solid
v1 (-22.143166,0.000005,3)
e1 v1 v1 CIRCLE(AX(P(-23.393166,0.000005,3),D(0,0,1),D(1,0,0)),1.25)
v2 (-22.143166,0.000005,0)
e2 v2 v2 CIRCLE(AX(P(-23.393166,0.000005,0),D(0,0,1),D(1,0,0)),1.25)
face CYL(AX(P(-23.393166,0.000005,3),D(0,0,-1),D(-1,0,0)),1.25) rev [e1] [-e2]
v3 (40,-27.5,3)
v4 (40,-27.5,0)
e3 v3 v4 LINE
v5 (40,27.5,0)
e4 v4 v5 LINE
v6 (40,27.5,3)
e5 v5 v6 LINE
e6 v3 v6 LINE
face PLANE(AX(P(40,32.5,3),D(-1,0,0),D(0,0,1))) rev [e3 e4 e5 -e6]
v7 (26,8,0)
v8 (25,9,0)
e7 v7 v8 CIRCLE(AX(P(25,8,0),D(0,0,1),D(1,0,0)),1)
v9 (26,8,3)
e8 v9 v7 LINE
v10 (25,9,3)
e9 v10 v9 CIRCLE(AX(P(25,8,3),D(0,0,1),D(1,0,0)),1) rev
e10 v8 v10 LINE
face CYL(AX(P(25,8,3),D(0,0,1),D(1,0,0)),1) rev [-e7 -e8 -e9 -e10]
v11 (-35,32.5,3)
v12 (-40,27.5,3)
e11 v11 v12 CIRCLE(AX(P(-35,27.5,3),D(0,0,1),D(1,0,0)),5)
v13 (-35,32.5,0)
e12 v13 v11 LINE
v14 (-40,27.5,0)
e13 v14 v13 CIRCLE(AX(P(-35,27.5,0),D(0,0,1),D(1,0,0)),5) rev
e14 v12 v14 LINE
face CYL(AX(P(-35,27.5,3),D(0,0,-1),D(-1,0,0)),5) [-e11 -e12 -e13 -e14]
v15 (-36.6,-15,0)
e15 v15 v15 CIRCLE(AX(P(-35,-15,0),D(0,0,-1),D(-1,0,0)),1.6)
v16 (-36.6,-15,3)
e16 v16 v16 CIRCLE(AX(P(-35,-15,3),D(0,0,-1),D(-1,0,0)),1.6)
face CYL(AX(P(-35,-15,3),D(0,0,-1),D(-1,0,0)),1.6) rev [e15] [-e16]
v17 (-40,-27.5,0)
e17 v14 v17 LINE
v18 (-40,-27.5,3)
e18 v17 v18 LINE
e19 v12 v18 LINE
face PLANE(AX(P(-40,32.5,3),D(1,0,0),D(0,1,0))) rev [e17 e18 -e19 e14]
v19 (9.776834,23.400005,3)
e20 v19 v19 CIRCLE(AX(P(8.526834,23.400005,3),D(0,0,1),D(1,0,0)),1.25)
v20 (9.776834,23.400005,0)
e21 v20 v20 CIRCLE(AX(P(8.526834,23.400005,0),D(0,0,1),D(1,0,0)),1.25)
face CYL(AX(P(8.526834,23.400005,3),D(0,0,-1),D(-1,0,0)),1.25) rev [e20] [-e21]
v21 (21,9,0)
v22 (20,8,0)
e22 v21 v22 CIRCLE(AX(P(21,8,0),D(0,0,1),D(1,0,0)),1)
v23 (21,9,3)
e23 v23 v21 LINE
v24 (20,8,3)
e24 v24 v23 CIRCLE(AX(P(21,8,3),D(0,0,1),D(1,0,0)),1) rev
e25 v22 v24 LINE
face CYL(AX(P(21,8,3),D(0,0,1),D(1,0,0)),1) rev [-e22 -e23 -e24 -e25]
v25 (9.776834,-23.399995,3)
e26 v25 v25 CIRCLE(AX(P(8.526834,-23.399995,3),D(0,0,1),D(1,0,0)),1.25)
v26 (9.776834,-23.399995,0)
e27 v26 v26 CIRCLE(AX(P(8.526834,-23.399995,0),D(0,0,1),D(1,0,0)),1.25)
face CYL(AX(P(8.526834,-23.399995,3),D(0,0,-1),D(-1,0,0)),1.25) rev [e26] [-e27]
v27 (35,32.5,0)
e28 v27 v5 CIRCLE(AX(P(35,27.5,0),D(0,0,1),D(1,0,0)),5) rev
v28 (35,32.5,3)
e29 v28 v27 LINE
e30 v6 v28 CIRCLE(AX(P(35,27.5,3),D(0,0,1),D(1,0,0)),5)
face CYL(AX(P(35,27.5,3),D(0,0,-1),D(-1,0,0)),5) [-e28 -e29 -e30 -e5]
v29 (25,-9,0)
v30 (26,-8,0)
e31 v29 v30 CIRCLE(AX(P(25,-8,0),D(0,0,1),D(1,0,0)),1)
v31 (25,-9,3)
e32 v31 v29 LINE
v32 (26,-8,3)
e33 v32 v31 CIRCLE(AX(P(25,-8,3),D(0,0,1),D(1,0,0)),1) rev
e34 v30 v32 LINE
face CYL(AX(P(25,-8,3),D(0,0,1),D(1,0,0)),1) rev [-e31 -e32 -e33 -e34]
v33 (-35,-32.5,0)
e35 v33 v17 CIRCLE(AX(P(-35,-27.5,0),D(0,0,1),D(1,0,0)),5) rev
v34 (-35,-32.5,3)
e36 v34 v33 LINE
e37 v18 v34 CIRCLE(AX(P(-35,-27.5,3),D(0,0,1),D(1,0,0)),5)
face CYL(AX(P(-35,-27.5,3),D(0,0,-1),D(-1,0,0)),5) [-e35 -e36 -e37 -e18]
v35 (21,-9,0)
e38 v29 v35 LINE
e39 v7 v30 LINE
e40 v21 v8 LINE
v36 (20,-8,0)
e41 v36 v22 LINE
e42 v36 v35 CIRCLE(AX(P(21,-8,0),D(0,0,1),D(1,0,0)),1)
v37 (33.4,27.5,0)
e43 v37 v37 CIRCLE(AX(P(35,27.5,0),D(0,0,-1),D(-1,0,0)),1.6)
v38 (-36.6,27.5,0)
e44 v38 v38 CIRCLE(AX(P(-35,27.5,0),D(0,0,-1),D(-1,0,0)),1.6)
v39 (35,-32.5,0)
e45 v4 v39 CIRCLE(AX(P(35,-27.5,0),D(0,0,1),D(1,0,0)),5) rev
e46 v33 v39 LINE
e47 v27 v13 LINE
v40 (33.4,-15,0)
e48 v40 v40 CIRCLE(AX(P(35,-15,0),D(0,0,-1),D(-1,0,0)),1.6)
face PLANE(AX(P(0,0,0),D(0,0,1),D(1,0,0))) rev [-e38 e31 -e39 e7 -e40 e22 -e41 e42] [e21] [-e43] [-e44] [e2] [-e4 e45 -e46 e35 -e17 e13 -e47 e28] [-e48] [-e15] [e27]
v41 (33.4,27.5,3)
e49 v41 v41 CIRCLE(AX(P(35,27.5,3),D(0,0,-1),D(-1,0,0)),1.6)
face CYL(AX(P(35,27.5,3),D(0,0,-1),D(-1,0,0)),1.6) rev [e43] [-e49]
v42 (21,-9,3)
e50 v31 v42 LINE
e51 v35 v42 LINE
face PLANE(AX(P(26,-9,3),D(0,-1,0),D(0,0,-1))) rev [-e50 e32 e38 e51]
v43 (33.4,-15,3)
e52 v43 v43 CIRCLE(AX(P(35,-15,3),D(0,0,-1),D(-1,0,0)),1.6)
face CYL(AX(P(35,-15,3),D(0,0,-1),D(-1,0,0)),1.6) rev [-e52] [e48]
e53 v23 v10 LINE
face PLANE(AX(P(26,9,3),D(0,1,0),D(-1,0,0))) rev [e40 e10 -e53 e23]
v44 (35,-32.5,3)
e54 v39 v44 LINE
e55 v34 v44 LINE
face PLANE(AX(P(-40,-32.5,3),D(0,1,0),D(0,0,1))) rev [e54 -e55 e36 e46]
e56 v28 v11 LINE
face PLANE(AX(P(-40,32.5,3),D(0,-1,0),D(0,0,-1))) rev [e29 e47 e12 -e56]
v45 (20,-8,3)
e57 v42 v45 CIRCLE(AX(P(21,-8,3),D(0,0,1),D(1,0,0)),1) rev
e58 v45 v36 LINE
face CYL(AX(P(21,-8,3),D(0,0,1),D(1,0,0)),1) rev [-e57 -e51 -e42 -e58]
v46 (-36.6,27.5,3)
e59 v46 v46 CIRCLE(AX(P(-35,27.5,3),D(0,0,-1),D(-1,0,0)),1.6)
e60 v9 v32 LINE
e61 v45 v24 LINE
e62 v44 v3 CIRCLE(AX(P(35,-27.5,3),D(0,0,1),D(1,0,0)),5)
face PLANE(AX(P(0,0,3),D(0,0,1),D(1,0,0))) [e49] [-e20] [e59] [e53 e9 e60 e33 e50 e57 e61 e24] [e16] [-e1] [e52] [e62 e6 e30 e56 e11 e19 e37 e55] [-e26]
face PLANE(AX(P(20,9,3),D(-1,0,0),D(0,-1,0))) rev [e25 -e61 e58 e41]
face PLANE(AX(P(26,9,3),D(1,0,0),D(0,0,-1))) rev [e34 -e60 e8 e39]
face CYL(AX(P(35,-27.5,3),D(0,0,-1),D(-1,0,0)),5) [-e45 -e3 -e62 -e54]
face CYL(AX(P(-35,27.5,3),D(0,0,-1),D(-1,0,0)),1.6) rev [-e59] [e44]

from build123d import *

# Parameters (mm, degrees)
SKETCH1_W           = 80
SKETCH1_H           = 65
SKETCH1_R           = 1.25
BOSS_EXTRUDE1_DEPTH = 3
FILLET1_R           = 5
SKETCH2_R           = 1.6
CUT_EXTRUDE1_DEPTH  = 52.626059311
SKETCH4_W           = 6
SKETCH4_H           = 18
CUT_EXTRUDE2_DEPTH  = 52.626059311
FILLET2_R           = 1


with BuildPart() as part:
    # Sketch1 → Boss-Extrude1 (new body)
    with BuildSketch(Plane.XY):
        Rectangle(SKETCH1_W, SKETCH1_H)
        with Locations((8.526833703, 23.400005474)):
            Circle(SKETCH1_R, mode=Mode.SUBTRACT)
        with Locations((8.526833703, -23.399994526)):
            Circle(SKETCH1_R, mode=Mode.SUBTRACT)
        with Locations((-23.393166297, 5.474e-06)):
            Circle(SKETCH1_R, mode=Mode.SUBTRACT)
    extrude(amount=BOSS_EXTRUDE1_DEPTH)

    # Fillet1
    fillet1_edges = [part.edges().sort_by_distance(p)[0] for p in [
        (-40, 32.5, 1.5),
        (40, 32.5, 1.5),
        (40, -32.5, 1.5),
        (-40, -32.5, 1.5),
    ]]
    fillet(fillet1_edges, radius=FILLET1_R)

    # Sketch2 → Cut-Extrude1 (cut, through all)
    with BuildSketch(Plane(origin=(0, 0, 0), x_dir=(-1, 0, 0), z_dir=(0, 0, -1))):
        with Locations((-35, 27.5)):
            Circle(SKETCH2_R)
        with Locations((-35, -15)):
            Circle(SKETCH2_R)
        with Locations((35, 27.5)):
            Circle(SKETCH2_R)
        with Locations((35, -15)):
            Circle(SKETCH2_R)
    extrude(amount=-CUT_EXTRUDE1_DEPTH, mode=Mode.SUBTRACT)

    # Sketch4 → Cut-Extrude2 (cut, through all)
    with BuildSketch(Plane(origin=(0, 0, 0), x_dir=(-1, 0, 0), z_dir=(0, 0, -1))):
        with Locations((-23, 0)):
            Rectangle(SKETCH4_W, SKETCH4_H)
    extrude(amount=-CUT_EXTRUDE2_DEPTH, mode=Mode.SUBTRACT)

    # Fillet2
    fillet2_edges = [part.edges().sort_by_distance(p)[0] for p in [
        (26, -9, 1.5),
        (26, 9, 1.5),
        (20, 9, 1.5),
        (20, -9, 1.5),
    ]]
    fillet(fillet2_edges, radius=FILLET2_R)


solid = part.part
